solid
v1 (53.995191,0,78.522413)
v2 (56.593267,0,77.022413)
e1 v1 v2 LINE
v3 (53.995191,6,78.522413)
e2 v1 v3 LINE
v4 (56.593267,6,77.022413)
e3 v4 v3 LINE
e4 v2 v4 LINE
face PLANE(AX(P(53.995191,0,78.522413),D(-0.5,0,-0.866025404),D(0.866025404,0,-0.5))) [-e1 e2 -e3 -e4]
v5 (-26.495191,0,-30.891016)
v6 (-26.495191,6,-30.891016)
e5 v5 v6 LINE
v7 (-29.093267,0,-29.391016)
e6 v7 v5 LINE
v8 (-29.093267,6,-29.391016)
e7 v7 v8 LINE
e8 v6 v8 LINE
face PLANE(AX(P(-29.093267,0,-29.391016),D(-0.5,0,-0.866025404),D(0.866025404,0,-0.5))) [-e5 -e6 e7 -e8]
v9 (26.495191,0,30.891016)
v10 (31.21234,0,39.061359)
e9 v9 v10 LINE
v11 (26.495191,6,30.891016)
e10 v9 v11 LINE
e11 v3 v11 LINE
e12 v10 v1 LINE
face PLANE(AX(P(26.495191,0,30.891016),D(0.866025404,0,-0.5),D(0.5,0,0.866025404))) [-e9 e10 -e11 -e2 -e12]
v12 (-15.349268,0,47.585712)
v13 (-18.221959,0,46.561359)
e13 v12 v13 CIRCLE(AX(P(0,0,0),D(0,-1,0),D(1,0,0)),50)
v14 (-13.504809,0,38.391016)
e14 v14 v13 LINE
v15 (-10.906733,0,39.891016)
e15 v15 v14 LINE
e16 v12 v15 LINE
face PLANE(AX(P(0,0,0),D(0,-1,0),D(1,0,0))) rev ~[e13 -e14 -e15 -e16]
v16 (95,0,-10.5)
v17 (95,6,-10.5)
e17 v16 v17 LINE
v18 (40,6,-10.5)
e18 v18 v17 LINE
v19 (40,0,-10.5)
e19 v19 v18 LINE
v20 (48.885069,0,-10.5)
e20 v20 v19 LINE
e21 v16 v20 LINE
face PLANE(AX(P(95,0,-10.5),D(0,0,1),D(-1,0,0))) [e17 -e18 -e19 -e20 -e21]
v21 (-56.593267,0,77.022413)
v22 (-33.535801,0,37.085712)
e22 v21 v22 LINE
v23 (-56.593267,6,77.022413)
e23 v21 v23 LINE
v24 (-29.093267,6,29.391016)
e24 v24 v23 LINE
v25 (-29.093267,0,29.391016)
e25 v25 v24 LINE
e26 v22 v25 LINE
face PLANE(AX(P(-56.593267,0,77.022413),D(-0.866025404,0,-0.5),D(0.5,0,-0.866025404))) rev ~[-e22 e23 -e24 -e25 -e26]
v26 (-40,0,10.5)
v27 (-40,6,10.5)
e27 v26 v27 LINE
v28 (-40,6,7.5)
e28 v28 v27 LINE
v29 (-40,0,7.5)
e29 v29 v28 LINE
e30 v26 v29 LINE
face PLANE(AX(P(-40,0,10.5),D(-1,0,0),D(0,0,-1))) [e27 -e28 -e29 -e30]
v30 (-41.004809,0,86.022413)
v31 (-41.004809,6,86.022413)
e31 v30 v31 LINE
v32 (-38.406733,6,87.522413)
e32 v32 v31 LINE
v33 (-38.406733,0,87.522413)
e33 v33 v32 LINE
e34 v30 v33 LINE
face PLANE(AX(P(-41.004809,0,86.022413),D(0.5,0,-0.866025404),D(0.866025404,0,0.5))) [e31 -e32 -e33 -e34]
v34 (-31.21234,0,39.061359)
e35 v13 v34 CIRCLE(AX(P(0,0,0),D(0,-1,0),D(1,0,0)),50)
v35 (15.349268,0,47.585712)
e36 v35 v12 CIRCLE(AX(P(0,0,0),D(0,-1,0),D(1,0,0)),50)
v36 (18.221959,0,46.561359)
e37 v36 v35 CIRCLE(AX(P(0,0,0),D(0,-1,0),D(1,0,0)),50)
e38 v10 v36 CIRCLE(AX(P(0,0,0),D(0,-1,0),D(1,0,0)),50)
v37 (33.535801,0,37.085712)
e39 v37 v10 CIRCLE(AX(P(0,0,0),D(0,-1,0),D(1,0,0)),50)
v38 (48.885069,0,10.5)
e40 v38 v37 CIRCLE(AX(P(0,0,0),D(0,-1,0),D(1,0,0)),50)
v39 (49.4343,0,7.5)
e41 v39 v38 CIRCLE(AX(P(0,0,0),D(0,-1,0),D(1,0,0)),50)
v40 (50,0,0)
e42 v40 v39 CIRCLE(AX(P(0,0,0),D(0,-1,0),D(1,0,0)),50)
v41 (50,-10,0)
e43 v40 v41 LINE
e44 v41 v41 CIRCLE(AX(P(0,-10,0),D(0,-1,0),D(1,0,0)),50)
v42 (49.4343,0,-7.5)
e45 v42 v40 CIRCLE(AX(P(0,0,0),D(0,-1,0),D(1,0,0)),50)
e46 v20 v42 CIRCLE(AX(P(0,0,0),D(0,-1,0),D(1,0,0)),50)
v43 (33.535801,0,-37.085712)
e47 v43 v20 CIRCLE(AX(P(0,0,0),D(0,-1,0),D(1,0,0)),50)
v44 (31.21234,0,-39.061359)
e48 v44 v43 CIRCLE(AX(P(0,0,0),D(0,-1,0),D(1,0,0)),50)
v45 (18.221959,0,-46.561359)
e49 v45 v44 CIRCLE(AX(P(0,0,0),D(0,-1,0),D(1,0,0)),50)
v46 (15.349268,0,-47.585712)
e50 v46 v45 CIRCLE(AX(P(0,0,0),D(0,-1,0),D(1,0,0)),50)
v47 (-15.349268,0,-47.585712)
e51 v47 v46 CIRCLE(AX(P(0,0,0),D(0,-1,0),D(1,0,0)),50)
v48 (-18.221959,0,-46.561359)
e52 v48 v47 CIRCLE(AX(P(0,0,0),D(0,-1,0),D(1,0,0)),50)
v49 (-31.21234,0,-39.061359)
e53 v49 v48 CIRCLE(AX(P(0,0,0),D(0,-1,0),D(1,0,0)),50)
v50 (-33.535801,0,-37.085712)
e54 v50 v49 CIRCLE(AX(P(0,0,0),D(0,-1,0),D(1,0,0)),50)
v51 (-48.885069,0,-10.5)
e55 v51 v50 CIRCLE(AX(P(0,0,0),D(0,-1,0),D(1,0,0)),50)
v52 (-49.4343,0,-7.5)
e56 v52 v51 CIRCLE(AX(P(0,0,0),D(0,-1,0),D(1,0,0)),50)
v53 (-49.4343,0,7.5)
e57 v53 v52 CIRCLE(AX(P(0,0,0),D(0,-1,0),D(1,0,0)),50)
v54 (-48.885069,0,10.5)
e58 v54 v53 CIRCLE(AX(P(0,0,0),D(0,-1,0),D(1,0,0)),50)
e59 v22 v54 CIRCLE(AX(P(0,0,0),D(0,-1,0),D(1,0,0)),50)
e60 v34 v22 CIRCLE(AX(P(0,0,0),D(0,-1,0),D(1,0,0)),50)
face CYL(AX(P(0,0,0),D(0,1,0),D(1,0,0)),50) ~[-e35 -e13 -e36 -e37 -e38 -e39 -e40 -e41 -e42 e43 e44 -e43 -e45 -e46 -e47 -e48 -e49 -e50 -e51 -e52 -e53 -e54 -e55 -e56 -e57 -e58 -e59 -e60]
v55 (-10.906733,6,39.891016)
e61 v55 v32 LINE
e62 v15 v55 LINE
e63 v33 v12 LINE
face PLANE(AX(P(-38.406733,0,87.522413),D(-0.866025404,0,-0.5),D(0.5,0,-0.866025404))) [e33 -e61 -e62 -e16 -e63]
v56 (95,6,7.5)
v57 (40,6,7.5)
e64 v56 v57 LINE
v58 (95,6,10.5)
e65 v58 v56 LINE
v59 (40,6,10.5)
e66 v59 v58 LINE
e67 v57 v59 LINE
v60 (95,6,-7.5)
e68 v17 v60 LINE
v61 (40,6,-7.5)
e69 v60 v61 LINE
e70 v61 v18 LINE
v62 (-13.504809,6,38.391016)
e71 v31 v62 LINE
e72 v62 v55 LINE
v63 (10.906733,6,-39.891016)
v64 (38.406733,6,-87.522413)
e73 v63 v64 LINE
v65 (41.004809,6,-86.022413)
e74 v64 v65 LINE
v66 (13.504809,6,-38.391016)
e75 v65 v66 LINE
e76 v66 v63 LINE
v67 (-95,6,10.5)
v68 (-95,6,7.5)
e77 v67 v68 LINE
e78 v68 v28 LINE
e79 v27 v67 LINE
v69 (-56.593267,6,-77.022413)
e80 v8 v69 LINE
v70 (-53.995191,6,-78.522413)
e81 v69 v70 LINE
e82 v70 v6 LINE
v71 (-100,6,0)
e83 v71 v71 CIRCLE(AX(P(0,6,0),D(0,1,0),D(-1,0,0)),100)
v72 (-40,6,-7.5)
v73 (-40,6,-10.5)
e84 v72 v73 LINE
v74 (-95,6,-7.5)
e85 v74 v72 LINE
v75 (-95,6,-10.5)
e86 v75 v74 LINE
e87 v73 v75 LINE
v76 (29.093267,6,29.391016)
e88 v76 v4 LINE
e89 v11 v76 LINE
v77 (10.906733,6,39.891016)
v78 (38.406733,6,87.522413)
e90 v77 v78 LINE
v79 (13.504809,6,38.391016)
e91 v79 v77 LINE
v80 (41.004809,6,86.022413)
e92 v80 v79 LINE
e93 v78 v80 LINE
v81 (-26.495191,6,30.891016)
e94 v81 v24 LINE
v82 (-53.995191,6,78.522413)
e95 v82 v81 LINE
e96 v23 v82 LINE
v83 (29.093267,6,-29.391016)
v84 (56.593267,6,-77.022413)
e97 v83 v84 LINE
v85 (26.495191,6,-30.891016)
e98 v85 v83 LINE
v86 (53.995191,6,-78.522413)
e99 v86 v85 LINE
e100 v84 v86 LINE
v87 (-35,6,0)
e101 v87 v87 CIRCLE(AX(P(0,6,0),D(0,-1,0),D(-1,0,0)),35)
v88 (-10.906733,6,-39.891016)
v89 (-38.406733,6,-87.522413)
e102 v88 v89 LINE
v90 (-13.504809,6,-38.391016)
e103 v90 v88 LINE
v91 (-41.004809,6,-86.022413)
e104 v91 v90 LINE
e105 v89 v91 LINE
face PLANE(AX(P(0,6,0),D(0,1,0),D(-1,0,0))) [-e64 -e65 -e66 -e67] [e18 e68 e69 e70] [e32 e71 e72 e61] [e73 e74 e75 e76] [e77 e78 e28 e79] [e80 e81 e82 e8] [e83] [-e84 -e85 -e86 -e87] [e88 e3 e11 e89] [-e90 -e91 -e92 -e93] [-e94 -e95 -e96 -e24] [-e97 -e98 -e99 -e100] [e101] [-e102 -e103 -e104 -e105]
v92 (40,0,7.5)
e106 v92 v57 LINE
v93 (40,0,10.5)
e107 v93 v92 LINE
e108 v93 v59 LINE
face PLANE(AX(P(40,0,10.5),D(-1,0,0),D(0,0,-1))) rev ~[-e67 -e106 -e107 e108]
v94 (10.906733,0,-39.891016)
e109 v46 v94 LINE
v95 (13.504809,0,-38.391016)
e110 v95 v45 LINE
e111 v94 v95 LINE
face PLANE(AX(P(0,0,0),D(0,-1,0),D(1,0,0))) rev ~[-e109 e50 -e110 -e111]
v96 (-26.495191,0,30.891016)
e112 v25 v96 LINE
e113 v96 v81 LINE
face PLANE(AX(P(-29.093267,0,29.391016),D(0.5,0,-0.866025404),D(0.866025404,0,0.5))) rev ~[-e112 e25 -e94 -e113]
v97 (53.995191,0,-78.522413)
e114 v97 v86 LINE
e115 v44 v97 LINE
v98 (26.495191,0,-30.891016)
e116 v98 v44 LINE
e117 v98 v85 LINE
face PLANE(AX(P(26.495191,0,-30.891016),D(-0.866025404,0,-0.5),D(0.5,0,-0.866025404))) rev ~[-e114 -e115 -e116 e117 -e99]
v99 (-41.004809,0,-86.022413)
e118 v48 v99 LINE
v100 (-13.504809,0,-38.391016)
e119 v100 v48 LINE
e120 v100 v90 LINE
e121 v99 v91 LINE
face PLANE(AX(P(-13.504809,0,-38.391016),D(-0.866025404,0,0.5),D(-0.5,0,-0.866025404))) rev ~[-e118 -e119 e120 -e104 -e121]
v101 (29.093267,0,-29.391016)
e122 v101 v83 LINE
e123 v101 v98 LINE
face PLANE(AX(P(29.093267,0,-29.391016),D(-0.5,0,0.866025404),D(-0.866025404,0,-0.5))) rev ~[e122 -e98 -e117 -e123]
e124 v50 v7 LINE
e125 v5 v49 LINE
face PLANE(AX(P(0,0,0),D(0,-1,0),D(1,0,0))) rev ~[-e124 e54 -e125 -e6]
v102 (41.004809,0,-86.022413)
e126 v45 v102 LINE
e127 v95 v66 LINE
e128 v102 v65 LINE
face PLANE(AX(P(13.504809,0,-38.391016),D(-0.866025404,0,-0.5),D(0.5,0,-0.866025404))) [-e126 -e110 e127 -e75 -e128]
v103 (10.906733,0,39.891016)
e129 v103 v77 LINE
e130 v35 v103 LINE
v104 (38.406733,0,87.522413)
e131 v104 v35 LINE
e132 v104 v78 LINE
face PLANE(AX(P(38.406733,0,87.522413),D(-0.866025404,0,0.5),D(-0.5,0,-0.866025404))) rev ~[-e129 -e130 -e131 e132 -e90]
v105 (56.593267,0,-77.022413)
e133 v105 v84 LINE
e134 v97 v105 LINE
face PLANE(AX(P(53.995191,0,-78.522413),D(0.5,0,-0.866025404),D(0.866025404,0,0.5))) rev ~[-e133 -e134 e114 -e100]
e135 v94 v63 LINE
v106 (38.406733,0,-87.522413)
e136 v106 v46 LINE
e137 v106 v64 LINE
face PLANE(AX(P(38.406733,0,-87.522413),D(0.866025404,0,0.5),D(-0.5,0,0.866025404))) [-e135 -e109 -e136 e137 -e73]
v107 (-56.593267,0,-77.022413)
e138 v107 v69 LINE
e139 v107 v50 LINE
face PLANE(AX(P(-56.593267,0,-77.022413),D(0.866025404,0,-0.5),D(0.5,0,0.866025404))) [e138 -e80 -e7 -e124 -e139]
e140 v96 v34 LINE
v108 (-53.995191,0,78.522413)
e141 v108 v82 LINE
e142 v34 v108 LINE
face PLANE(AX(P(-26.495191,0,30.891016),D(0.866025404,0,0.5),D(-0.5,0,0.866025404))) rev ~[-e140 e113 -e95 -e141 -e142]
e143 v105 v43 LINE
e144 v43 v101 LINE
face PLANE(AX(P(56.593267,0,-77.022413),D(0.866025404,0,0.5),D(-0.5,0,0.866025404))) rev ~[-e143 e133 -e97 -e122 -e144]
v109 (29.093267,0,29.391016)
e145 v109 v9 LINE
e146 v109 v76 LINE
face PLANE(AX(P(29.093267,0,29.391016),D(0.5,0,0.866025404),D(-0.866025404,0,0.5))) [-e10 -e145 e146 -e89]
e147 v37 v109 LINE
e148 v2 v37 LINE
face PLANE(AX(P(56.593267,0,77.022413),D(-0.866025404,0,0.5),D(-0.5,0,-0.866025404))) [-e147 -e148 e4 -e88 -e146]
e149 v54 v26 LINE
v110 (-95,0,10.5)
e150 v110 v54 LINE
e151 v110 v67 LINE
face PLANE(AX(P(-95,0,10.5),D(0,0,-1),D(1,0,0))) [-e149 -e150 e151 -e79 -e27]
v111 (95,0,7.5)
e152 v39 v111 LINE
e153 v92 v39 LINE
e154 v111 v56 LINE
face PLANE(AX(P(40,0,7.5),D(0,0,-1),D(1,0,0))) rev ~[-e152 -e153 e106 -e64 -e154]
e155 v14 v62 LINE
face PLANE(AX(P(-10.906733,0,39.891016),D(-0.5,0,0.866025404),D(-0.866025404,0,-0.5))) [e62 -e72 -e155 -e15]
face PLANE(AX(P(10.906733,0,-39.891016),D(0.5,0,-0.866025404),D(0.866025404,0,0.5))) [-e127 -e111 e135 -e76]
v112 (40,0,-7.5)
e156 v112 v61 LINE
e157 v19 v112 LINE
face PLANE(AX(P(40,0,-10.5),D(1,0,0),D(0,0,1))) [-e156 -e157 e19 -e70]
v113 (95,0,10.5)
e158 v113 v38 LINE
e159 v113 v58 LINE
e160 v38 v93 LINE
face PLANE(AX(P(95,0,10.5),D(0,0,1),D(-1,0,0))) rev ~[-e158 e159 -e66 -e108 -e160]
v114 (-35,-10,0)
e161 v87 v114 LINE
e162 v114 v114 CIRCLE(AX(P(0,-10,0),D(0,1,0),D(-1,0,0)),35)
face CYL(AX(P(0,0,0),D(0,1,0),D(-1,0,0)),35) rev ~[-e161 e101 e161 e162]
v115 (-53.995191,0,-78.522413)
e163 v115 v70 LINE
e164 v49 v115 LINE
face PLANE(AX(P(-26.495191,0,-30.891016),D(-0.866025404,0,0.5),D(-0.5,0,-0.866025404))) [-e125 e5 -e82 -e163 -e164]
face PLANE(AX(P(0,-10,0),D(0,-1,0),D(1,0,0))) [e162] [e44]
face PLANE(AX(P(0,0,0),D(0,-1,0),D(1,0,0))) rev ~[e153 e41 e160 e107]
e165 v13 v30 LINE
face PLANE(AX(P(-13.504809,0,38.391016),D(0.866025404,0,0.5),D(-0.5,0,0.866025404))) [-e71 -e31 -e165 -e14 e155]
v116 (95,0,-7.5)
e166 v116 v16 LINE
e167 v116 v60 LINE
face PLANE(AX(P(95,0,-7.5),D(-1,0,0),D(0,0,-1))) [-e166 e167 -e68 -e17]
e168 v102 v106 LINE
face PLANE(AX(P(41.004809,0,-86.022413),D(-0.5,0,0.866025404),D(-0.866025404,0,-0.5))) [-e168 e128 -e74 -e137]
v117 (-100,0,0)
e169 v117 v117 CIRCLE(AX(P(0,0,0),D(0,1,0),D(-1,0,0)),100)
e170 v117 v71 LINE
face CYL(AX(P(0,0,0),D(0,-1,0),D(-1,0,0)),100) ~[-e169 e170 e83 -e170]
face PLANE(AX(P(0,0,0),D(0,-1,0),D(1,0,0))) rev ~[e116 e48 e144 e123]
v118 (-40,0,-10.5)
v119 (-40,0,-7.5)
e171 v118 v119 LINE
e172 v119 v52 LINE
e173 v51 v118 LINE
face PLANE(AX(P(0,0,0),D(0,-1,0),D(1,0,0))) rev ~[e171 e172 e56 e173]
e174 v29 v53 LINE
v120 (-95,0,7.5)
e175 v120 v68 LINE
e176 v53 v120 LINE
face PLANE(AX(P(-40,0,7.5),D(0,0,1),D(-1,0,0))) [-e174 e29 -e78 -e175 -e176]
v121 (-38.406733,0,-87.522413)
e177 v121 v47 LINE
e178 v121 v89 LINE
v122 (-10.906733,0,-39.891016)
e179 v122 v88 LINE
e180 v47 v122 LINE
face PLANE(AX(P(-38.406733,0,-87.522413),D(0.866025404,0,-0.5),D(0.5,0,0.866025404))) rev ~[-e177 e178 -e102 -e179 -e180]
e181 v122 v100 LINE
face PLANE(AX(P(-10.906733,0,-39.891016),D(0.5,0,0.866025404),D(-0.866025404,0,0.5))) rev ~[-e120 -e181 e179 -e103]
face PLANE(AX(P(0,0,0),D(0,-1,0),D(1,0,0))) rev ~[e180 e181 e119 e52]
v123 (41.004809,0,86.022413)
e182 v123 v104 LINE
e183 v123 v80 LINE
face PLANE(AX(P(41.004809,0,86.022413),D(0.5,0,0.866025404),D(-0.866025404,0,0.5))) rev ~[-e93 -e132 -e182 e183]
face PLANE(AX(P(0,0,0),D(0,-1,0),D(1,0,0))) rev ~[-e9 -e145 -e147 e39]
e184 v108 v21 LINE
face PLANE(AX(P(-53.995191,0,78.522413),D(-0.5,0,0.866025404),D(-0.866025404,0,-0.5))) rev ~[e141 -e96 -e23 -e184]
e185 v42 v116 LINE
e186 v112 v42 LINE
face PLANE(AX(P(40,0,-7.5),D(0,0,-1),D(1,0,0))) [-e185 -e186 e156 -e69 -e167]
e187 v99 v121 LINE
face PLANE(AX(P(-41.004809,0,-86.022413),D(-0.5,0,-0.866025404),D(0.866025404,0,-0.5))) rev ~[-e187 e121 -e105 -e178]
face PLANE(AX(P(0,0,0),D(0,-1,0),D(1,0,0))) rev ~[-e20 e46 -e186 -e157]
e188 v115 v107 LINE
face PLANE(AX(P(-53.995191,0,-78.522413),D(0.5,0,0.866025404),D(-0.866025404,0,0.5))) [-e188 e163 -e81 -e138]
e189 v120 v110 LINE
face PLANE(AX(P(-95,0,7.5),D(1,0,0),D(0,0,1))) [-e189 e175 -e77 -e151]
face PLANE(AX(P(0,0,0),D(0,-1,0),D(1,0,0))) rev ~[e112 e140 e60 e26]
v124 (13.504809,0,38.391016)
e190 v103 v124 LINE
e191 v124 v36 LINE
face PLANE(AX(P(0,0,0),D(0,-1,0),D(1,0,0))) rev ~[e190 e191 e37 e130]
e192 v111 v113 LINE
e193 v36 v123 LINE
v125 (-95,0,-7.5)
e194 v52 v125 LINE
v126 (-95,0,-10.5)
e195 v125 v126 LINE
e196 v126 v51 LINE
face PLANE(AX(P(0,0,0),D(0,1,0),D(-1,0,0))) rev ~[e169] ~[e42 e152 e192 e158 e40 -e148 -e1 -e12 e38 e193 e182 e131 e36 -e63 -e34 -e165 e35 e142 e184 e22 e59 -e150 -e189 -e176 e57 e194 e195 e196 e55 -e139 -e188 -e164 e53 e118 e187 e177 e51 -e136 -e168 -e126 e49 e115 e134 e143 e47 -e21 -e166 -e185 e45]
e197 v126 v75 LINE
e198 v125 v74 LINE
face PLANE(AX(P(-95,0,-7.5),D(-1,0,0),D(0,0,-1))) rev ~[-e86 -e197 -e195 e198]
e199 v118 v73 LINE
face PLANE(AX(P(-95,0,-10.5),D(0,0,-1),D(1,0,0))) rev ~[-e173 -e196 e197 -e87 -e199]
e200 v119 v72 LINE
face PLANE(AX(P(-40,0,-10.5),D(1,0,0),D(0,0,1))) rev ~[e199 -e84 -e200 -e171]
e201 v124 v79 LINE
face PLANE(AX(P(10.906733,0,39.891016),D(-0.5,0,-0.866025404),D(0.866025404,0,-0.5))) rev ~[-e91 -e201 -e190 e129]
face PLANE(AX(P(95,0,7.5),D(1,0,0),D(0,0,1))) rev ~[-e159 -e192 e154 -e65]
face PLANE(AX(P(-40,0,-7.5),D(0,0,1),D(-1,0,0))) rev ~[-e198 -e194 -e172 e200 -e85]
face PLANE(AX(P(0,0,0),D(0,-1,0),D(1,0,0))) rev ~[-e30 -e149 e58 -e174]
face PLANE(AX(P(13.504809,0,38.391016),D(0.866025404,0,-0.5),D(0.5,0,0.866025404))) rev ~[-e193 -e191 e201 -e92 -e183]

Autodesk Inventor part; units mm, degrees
ref_plane "YZ Plane" through (0, 0, 0) normal (1, 0, 0) x (0, 1, 0)
ref_plane "XZ Plane" through (0, 0, 0) normal (0, 1, 0) x (-1, 0, 0)
ref_plane "XY Plane" through (0, 0, 0) normal (0, 0, 1) x (1, 0, 0)
sketch "Sketch1" plane through (0, 0, 0) normal (0, 1, 0) x (-1, 0, 0)
  line L0 (0, 30.3953) -> (0, -28.0277)
  circle A0 centre (0, 0) radius 100
  line L1 (95, 10.5) -> (40, 10.5)
  line L2 (40, 10.5) -> (40, 7.5)
  line L3 (40, 7.5) -> (95, 7.5)
  line L4 (95, 7.5) -> (95, 10.5)
  line L5 (95, -10.5) -> (40, -10.5)
  line L6 (40, -10.5) -> (40, -7.5)
  line L7 (40, -7.5) -> (95, -7.5)
  line L8 (95, -7.5) -> (95, -10.5)
  line L9 (0, 0) -> (75.0694, 0)
  line L10 (0, 0) -> (37.5347, 65.012)
  line L11 (0, 0) -> (-37.5347, 65.012)
  line L12 (0, 0) -> (-75.0694, 0)
  line L13 (0, 0) -> (-37.5347, -65.012)
  line L14 (0, 0) -> (37.5347, -65.012)
  circle A1 centre (0, 0) radius 35
  point P0 (20, 0)
  point P1 (10, 17.3205)
  point P2 (-10, 17.3205)
  point P3 (-20, 0)
  point P4 (-10, -17.3205)
  point P5 (10, -17.3205)
  dimension "d0" = 200
  dimension "t" = 3
  dimension "d2" = 55
  dimension "d3" = 40
  dimension "d4" = 15
  dimension "d21" = 360
  dimension "d27" = 70
extrude "Extrusion1" add sketch "Sketch1" along normal blind 6 contours A0 | L4 L3 L2 L1 | L5 L6 L7 L8 | L10 A1 L9 | L11 A1 L10 | L12 A1 L11 | L13 A1 L12 | L14 A1 L13 | L9 A1 L14
extrude "Extrusion3" cut sketch "Sketch1" along normal through all contours L4 L3 L2 L1 | L5 L6 L7 L8
pattern_circular "Circular Pattern1" count 6 over 360 about axis through (0, 0, 0) along (0, 1, 0) of "Extrusion3"
extrude "Extrusion5" cut sketch "Sketch1" along normal through all contours L10 A1 L9 | L11 A1 L10 | L12 A1 L11 | L13 A1 L12 | L14 A1 L13 | L9 A1 L14
sketch "Sketch2" plane through (0, 0, 0) normal (0, -1, 0) x (1, 0, 0)
  circle A0 centre (0, 0) radius 50
  dimension "d30" = 100
extrude "Extrusion6" add sketch "Sketch2" along normal blind 10
extrude "Extrusion7" cut sketch "Sketch1" against normal through all contours L10 A1 L9 | L11 A1 L10 | L12 A1 L11 | L13 A1 L12 | L14 A1 L13 | L9 A1 L14
equation "\"d5\" = 2 * t"
equation "\"d9\" = t"
equation "\"d28\" = t"
properties part number "rotor"
